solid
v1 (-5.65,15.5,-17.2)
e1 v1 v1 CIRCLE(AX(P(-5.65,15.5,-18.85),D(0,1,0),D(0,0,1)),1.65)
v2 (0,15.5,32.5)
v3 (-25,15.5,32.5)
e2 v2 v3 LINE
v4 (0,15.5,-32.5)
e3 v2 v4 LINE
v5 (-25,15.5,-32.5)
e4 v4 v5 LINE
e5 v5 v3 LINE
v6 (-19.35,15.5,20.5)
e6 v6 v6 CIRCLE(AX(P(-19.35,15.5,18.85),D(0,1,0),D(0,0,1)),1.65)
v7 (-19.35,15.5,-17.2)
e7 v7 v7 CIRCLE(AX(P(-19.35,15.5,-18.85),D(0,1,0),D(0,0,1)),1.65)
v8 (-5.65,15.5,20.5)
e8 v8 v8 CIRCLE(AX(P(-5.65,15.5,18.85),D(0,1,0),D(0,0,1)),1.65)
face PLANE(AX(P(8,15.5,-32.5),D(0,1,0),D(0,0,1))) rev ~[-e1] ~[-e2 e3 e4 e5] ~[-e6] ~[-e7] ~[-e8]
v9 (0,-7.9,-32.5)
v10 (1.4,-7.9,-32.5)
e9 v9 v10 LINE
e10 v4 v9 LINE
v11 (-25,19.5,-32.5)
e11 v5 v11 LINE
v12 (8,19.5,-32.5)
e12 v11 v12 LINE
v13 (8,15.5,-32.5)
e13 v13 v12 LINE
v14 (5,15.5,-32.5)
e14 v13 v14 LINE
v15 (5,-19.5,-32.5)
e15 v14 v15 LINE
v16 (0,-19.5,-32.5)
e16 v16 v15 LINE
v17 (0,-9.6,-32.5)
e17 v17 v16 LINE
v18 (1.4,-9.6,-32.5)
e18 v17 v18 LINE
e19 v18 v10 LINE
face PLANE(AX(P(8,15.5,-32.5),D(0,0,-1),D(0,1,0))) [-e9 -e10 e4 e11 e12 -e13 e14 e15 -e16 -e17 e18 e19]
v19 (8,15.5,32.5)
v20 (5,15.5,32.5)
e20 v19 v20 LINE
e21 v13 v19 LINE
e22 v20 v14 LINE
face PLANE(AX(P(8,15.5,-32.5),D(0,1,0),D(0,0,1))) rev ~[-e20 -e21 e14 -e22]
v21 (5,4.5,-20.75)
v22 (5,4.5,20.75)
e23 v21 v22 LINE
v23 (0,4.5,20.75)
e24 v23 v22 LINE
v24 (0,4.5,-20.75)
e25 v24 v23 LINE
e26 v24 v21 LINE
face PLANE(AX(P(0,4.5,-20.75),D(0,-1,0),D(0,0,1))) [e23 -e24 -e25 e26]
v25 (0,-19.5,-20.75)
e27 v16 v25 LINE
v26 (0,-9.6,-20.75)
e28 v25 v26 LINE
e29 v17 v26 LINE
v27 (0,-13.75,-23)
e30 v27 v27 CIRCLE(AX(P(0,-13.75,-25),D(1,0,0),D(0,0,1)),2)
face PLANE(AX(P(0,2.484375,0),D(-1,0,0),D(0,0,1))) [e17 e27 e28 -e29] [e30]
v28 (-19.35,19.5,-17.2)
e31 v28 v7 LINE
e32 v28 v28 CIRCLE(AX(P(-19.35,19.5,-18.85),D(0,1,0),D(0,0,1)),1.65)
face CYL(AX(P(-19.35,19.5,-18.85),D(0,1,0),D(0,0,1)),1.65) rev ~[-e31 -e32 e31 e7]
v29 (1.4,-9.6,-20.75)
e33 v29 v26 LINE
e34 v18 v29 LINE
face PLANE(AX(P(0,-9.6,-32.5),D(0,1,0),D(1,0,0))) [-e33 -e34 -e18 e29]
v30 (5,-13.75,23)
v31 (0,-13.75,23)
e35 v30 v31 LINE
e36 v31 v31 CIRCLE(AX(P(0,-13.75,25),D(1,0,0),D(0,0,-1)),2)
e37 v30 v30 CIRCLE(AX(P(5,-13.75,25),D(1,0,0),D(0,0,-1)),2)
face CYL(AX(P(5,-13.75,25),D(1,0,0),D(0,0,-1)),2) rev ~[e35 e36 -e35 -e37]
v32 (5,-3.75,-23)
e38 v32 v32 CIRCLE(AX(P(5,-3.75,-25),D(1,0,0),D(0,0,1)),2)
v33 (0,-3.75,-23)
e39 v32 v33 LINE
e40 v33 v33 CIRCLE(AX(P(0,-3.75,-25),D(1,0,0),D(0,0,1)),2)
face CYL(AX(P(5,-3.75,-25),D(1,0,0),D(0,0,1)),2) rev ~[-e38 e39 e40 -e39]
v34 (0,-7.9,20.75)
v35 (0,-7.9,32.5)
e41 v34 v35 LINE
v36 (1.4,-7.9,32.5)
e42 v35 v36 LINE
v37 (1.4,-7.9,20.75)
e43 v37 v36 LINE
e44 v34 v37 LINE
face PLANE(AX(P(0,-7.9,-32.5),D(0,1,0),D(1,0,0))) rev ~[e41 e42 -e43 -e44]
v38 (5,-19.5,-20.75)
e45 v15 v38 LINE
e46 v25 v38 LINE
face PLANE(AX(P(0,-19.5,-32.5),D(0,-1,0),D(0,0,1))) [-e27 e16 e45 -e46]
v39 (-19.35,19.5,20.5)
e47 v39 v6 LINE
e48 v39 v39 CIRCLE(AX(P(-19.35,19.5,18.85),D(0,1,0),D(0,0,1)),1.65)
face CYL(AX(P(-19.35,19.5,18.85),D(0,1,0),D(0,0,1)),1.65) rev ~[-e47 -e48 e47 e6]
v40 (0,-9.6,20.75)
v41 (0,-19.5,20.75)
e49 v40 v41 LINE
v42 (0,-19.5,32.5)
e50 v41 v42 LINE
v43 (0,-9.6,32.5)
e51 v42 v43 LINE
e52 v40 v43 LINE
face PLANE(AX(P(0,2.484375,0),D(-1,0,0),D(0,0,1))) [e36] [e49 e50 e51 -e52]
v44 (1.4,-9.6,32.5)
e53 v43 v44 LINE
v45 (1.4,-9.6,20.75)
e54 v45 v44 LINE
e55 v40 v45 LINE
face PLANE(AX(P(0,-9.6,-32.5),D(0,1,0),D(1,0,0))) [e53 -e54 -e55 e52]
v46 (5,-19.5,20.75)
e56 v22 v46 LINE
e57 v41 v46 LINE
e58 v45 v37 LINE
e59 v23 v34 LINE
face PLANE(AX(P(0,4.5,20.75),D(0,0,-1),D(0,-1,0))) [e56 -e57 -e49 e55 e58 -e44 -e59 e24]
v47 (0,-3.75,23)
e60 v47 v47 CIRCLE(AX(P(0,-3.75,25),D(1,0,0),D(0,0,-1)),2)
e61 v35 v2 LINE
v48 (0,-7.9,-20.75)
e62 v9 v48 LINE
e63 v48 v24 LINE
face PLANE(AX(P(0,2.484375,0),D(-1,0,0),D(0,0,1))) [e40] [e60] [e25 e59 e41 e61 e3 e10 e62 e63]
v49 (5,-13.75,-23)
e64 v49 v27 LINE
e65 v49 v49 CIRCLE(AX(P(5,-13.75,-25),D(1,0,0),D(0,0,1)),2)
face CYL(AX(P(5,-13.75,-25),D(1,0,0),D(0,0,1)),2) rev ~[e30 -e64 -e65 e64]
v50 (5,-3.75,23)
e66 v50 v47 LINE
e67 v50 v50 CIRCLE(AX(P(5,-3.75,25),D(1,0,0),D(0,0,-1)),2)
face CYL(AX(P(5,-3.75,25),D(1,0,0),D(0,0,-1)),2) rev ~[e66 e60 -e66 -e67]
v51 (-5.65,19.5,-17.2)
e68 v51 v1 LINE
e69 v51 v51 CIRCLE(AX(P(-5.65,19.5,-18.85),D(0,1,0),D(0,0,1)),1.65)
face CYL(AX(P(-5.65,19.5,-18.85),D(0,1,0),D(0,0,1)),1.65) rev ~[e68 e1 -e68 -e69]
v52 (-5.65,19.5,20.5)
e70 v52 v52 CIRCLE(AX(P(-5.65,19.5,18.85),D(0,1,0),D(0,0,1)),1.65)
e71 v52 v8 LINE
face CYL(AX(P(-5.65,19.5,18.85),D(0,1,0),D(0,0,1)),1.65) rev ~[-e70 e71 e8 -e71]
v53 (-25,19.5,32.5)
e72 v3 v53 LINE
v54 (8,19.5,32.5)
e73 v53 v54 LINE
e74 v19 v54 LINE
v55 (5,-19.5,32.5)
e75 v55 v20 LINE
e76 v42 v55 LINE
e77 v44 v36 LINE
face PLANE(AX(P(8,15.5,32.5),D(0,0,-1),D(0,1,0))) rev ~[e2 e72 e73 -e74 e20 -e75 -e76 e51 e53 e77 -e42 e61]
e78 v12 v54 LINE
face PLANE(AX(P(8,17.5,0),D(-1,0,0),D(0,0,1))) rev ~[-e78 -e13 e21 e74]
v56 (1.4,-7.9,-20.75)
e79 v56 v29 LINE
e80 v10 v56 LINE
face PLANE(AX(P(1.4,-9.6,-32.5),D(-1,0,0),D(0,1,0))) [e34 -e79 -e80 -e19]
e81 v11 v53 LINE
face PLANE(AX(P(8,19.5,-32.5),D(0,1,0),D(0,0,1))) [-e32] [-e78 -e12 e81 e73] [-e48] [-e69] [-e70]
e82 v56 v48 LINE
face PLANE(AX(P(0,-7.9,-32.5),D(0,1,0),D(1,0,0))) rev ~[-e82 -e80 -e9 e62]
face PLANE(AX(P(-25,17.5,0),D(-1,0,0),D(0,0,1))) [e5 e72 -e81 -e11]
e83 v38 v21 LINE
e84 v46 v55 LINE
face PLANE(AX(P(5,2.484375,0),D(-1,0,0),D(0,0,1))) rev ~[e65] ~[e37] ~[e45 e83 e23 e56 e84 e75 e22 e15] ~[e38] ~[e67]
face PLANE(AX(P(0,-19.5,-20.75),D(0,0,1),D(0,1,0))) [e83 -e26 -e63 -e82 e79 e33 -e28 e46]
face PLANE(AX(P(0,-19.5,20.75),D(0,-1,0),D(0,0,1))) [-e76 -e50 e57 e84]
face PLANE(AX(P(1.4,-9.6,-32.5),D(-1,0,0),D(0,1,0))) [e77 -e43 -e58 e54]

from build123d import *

# Parameters (mm, degrees)
EXTRUDE_3_DEPTH      = 5
EXTRUDE_4_DEPTH      = 25
EXTRUDE_4_DEPTH_BACK = 8
SKETCH_4_W           = 65
SKETCH_4_H           = 4
CUT_EXTRUDE_START    = -65
SKETCH_5_W           = 1.4
SKETCH_5_H           = 1.7
CUT_EXTRUDE_1_DEPTH  = 65
SKETCH_6_R           = 2
CUT_EXTRUDE_2_DEPTH  = 5
SKETCH_7_R           = 1.65
CUT_EXTRUDE_3_DEPTH  = 4


with BuildPart() as part:
    # 草图2 → 凸台-拉伸3 (new body)
    with BuildSketch(Plane(origin=(0, 0, 0), x_dir=(0, 0, -1), z_dir=(1, 0, 0))):
        Polygon((32.5, -19.5), (20.75, -19.5), (20.75, 4.5), (-20.75, 4.5), (-20.75, -19.5), (-32.5, -19.5), (-32.5, 19.5), (32.5, 19.5), align=None)
    extrude(amount=EXTRUDE_3_DEPTH)

    # 草图4 → 凸台-拉伸4 (add, two sides: drawn at the far end of the back side and taken through both)
    with BuildSketch(Plane.ZY.offset(-EXTRUDE_4_DEPTH_BACK)):
        with Locations((0, 17.5)):
            Rectangle(SKETCH_4_W, SKETCH_4_H)
    extrude(amount=EXTRUDE_4_DEPTH + EXTRUDE_4_DEPTH_BACK)

    # 草图5 → 切除-拉伸1 (cut)
    with BuildSketch(Plane.XY.offset(32.5).offset(CUT_EXTRUDE_START)):
        with Locations((0.7, -8.75)):
            Rectangle(SKETCH_5_W, SKETCH_5_H)
    extrude(amount=CUT_EXTRUDE_1_DEPTH, mode=Mode.SUBTRACT)

    # 草图6 → 切除-拉伸2 (cut)
    with BuildSketch(Plane(origin=(5, 0, 0), x_dir=(0, 0, -1), z_dir=(1, 0, 0))):
        with Locations((-25, -3.75)):
            Circle(SKETCH_6_R)
        with Locations((-25, -13.75)):
            Circle(SKETCH_6_R)
        with Locations(Location((25, -13.75, 0), (0, 0, 180))):
            Circle(SKETCH_6_R)
        with Locations(Location((25, -3.75, 0), (0, 0, 180))):
            Circle(SKETCH_6_R)
    extrude(amount=-CUT_EXTRUDE_2_DEPTH, mode=Mode.SUBTRACT)

    # 草图7 → 切除-拉伸3 (cut)
    with BuildSketch(Plane(origin=(0, 19.5, 0), x_dir=(1, 0, 0), z_dir=(0, 1, 0))):
        with Locations(Location((-19.35, -18.85, 0), (0, 0, 270))):
            Circle(SKETCH_7_R)
        with Locations(Location((-5.65, -18.85, 0), (0, 0, 270))):
            Circle(SKETCH_7_R)
        with Locations(Location((-19.35, 18.85, 0), (0, 0, 270))):
            Circle(SKETCH_7_R)
        with Locations(Location((-5.65, 18.85, 0), (0, 0, 270))):
            Circle(SKETCH_7_R)
    extrude(amount=-CUT_EXTRUDE_3_DEPTH, mode=Mode.SUBTRACT)


solid = part.part
